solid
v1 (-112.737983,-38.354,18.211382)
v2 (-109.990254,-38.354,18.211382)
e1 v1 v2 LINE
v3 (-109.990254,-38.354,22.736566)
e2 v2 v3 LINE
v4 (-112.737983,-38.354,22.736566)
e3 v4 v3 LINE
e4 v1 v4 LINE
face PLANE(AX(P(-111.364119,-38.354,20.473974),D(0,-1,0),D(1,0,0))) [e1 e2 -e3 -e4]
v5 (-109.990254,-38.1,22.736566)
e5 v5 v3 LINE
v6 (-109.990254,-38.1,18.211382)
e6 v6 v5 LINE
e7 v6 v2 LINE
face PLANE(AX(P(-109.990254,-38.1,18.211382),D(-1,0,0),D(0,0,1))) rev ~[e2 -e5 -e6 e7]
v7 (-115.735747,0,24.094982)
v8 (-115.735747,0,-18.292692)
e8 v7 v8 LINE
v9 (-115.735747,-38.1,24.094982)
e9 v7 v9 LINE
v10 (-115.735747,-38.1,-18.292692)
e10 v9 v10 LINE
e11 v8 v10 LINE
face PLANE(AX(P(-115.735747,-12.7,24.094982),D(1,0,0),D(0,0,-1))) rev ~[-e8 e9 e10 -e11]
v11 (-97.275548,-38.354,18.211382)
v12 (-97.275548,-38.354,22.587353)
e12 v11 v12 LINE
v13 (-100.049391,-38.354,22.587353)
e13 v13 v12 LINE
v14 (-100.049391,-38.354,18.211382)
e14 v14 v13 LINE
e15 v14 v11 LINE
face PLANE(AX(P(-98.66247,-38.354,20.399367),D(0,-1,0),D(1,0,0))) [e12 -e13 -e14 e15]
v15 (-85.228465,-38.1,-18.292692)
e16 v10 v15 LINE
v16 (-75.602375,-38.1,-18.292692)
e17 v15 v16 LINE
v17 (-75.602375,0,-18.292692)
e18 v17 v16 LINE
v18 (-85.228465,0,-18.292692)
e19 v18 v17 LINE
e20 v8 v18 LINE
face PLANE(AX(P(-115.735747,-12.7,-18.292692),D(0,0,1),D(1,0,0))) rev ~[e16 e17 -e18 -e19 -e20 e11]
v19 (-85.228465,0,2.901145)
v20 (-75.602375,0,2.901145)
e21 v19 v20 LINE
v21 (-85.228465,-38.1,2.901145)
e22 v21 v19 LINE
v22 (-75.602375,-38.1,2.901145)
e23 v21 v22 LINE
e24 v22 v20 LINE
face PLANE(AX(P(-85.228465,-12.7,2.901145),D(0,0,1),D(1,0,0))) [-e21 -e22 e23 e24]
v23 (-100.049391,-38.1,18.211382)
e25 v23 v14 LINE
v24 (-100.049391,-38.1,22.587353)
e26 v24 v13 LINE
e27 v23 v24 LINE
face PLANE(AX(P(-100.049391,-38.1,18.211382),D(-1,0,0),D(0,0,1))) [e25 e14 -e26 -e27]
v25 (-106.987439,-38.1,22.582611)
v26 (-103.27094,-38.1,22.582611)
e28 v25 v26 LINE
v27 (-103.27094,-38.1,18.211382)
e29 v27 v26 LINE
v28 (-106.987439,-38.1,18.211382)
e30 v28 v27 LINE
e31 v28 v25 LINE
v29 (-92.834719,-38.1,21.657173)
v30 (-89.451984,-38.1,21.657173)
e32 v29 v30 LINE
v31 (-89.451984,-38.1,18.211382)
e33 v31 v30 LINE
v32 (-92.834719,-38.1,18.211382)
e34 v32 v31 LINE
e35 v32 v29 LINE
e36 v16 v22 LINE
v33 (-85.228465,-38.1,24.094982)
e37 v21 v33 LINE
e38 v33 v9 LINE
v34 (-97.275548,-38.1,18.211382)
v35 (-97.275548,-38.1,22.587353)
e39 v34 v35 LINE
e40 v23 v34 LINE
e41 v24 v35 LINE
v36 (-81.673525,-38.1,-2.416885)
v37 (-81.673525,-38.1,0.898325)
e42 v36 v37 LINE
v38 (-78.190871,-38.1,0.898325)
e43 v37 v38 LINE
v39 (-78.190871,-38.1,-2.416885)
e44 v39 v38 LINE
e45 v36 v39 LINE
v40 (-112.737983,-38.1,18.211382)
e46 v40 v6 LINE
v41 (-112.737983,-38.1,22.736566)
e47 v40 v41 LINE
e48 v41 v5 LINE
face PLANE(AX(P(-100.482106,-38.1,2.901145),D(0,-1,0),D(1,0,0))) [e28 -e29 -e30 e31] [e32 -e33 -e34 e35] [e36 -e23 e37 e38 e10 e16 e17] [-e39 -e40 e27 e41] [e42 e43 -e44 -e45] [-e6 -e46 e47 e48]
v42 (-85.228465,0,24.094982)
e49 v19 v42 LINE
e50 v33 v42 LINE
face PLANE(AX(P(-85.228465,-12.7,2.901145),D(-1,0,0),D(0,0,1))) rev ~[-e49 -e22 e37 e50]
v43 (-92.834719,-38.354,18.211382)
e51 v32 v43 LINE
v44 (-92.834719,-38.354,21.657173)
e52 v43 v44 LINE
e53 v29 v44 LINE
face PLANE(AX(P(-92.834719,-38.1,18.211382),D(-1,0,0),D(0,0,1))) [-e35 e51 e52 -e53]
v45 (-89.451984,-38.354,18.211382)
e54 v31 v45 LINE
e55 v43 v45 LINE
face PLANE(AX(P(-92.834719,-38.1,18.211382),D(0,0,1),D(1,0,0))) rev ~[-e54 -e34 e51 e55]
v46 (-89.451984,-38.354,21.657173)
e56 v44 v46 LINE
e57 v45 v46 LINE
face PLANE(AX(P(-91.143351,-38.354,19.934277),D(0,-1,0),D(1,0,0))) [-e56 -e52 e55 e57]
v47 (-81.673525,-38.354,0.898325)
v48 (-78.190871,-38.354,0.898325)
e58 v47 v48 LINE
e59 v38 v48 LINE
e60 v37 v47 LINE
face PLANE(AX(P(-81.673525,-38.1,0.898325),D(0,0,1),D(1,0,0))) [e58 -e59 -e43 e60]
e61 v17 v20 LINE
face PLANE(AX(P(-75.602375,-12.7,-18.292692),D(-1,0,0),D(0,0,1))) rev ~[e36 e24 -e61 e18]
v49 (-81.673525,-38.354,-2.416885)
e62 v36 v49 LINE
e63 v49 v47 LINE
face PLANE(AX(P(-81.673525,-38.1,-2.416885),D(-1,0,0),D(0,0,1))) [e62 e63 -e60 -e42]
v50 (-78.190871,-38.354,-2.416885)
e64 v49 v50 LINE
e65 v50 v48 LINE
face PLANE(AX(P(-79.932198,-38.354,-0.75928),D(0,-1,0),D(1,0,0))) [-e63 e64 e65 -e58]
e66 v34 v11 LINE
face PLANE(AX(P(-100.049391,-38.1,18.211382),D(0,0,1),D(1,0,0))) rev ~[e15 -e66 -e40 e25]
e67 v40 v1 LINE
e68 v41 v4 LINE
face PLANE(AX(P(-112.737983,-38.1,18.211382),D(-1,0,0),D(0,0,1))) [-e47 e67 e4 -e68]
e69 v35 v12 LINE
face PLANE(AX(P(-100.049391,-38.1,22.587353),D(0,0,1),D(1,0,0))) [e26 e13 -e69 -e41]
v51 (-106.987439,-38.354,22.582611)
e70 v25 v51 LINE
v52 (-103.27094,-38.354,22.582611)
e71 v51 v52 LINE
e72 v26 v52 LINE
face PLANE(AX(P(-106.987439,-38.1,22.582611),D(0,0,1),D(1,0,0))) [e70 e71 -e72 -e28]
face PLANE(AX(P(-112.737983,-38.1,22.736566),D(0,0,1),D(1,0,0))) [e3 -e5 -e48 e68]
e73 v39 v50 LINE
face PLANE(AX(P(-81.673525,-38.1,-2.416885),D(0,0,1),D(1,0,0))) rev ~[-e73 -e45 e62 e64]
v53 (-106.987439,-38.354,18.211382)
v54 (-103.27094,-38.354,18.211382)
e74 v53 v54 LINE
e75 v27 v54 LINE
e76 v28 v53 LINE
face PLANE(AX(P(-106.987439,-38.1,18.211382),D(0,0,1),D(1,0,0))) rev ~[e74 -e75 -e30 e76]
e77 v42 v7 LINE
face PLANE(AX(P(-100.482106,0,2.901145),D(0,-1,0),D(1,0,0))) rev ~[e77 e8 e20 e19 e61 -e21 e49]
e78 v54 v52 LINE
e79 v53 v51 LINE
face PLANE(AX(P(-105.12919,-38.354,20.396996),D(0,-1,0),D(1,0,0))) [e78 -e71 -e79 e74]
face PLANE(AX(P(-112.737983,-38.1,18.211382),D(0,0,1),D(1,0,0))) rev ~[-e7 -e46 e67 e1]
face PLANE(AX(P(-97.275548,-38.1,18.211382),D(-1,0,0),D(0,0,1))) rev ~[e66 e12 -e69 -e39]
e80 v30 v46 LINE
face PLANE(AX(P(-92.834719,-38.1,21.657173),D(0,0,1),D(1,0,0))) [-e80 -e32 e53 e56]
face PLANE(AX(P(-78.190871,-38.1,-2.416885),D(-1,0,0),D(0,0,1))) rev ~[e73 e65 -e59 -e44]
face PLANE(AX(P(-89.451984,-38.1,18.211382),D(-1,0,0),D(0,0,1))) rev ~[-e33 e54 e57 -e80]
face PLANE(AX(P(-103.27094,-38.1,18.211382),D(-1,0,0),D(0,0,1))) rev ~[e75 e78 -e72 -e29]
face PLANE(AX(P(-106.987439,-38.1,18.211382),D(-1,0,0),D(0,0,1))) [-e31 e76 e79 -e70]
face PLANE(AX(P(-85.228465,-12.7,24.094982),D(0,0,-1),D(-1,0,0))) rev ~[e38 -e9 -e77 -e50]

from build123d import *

# Parameters (mm, degrees)
F0_W     = 9.6260905266
F0_H     = 21.1938368157
F1_DEPTH = 12.7
F2_DEPTH = 25.4
F4_W     = 3.3827349544
F4_H     = 3.4457910806
F3_W     = 2.7738437057
F3_H     = 4.3759718537
F3_W_2   = 3.7164986134
F3_H_2   = 4.3712295592
F3_W_3   = 2.7477294207
F3_H_3   = 4.5251846313
F3_W_4   = 3.4826546907
F3_H_4   = 3.3152103424
F5_DEPTH = 0.254


with BuildPart() as f1:
    # F0 (on Front) → F1 (new body)
    with BuildSketch(Plane.XZ):
        Polygon((-85.2284654975, 24.0949820727), (-115.7357469201, 24.0949820727), (-115.7357469201, -18.2926915586), (-85.2284654975, -18.2926915586), (-85.2284654975, 2.9011452571), align=None)
        with Locations((-80.4154202342, -7.6957731508)):
            Rectangle(F0_W, F0_H)
    extrude(amount=F1_DEPTH)

    # F2 (add): a face of the model
    f2_faces = [f1.faces().sort_by_distance(p)[0] for p in [
        (-97.7476505301, -12.7, 1.4571198832),
    ]]
    extrude(f2_faces, amount=F2_DEPTH)

    # F4 (on face) + F3 (on face) → F5 (join)
    with BuildSketch(Plane.XZ.offset(38.1)):
        with Locations((-91.1433510482, 19.9342770502)):
            Rectangle(F4_W, F4_H)
    with BuildSketch(Plane.XZ.offset(38.1)):
        with Locations((-98.6624695361, 20.3993674368)):
            Rectangle(F3_W, F3_H)
        with Locations((-105.1291897893, 20.3969962895)):
            Rectangle(F3_W_2, F3_H_2)
        with Locations((-111.3641187549, 20.4739738256)):
            Rectangle(F3_W_3, F3_H_3)
        with Locations((-79.9321979284, -0.7592802867)):
            Rectangle(F3_W_4, F3_H_4)
    extrude(amount=F5_DEPTH)


solid = f1.part
